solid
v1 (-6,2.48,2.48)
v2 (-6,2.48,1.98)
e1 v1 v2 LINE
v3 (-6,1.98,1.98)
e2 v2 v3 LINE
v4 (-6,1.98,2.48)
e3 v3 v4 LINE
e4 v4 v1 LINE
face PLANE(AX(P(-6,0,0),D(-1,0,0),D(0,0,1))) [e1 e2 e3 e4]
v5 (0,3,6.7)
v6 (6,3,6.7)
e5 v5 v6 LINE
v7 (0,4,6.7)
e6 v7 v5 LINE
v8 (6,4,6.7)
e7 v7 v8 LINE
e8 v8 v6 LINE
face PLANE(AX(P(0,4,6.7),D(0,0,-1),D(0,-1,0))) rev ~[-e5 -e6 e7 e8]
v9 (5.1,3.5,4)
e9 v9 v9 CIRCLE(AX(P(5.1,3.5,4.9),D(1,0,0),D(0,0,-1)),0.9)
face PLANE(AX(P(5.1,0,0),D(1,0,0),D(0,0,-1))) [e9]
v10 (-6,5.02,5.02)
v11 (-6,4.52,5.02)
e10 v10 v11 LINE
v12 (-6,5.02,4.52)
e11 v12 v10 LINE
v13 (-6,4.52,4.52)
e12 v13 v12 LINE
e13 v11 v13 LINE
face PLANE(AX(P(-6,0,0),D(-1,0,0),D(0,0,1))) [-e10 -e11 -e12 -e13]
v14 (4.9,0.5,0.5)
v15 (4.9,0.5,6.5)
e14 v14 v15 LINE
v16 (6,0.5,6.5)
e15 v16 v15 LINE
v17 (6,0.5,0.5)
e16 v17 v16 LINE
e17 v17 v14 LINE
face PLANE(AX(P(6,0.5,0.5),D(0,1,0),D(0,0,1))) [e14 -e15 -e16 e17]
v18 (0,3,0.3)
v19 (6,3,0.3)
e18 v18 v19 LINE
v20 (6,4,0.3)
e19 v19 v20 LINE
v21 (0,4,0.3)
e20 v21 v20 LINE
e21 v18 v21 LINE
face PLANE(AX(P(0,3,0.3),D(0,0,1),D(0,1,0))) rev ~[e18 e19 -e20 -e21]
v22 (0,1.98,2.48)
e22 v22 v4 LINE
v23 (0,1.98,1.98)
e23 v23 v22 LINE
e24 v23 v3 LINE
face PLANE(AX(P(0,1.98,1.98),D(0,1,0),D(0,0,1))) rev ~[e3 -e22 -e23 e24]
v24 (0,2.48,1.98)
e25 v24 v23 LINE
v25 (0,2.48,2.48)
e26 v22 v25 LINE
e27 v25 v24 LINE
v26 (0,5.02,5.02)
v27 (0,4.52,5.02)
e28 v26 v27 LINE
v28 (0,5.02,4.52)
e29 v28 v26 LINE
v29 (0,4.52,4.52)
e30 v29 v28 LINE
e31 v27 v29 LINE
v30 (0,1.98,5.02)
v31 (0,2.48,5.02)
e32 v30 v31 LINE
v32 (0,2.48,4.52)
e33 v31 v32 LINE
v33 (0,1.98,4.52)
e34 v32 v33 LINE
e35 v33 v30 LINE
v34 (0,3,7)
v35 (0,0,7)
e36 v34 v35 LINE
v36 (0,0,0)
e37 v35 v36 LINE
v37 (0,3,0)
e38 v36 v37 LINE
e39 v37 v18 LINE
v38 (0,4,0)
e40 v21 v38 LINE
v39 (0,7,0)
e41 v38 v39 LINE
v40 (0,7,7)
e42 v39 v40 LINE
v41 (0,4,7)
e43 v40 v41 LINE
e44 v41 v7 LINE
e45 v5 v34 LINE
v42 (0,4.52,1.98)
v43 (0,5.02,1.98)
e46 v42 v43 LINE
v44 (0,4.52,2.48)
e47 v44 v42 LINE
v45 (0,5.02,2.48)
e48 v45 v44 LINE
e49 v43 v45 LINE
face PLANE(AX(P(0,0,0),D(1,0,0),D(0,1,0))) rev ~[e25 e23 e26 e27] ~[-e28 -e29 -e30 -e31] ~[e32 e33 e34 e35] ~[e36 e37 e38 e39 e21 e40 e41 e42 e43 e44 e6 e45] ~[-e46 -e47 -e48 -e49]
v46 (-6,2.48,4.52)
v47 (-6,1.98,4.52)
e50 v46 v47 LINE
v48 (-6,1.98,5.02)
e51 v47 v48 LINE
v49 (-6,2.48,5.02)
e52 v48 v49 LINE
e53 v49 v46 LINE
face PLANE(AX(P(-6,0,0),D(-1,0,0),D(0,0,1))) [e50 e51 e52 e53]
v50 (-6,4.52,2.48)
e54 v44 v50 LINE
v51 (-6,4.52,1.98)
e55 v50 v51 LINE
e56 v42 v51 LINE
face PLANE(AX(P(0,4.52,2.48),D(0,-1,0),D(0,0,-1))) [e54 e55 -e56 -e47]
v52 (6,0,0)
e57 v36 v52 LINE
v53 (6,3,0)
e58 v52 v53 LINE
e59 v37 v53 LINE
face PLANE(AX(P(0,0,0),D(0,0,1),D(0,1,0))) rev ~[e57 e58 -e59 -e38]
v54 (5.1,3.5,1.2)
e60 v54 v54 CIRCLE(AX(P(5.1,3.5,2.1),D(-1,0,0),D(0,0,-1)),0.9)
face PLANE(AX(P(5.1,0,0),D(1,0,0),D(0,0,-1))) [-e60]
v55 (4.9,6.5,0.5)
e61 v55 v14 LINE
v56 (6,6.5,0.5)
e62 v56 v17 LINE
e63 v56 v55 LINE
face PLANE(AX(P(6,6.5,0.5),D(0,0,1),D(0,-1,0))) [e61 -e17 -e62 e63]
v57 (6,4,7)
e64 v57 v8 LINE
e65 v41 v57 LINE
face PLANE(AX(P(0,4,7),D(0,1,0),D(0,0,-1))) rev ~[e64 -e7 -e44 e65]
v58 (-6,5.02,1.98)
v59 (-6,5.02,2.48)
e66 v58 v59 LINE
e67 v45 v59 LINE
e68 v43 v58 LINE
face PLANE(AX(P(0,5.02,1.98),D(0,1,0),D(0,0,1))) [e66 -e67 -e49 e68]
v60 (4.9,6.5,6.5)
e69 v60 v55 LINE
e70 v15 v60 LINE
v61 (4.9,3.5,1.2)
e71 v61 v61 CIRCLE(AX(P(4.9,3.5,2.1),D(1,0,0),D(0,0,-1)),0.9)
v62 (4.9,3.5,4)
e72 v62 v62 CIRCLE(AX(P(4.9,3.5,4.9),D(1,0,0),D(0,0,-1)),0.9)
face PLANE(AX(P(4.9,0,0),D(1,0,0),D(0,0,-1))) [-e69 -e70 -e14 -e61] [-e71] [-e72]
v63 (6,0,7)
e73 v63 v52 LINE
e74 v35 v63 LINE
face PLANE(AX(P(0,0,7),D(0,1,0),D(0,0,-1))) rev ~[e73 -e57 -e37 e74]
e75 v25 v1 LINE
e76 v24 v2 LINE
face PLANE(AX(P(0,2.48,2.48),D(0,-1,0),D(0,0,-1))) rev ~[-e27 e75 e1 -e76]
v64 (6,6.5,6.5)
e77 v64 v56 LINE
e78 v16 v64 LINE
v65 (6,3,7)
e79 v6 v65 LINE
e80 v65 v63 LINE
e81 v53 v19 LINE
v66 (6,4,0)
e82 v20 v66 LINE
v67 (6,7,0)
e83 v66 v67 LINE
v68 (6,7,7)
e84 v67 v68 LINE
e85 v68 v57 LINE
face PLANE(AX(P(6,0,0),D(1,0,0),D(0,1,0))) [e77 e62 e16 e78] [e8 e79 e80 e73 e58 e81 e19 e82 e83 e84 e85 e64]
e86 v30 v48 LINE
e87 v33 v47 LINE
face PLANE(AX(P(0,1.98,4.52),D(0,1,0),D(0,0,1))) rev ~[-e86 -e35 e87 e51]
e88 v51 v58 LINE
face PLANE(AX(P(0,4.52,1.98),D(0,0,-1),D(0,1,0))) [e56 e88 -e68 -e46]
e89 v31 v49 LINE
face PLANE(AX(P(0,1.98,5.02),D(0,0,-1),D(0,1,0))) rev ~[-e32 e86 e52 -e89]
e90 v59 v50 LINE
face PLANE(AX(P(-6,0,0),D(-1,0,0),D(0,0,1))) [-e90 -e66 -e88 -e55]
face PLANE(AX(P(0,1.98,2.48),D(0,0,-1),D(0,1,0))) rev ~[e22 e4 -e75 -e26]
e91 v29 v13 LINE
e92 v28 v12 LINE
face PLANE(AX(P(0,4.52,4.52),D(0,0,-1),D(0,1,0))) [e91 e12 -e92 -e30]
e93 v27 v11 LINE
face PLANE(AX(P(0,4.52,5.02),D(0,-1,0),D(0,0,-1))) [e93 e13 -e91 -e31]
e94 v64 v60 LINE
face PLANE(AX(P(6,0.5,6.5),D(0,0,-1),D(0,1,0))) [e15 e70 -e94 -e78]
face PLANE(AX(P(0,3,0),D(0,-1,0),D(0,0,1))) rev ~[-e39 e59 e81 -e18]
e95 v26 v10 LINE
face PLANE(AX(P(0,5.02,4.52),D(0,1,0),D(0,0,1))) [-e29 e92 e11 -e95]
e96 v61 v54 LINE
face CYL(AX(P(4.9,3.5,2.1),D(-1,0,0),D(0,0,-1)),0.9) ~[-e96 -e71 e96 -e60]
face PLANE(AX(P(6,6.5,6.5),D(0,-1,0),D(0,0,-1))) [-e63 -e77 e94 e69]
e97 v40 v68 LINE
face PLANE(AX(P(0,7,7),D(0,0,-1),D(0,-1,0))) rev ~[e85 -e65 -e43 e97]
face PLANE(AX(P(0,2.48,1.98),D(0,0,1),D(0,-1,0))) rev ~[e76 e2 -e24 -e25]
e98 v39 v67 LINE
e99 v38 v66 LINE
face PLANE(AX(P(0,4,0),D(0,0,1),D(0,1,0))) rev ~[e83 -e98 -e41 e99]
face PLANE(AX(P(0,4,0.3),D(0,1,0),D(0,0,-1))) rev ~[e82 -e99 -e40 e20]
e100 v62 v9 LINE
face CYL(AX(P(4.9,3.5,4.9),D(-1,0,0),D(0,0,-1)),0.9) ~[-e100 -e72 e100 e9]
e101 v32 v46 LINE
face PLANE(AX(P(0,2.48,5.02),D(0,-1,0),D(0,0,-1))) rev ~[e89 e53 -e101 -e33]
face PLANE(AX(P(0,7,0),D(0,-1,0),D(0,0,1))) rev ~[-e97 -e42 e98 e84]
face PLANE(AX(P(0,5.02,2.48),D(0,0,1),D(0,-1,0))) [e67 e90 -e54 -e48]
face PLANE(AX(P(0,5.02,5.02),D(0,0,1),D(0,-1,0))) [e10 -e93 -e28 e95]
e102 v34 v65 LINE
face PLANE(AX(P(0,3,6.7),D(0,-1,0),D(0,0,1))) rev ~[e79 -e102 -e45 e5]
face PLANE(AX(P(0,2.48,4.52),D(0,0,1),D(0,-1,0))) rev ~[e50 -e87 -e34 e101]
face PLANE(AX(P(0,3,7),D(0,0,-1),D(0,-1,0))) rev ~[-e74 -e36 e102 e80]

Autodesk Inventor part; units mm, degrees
ref_plane "YZ Plane" through (0, 0, 0) normal (1, 0, 0) x (0, 1, 0)
ref_plane "XZ Plane" through (0, 0, 0) normal (0, 1, 0) x (-1, 0, 0)
ref_plane "XY Plane" through (0, 0, 0) normal (0, 0, 1) x (1, 0, 0)
sketch "Skizze1" plane through (0, 0, 0) normal (1, 0, 0) x (0, 1, 0)
  line L0 (0, 0) -> (7, 0)
  line L1 (7, 0) -> (7, 7)
  line L2 (7, 7) -> (0, 7)
  line L3 (0, 7) -> (0, 0)
  line L4 (3, 7) -> (4, 7)
  line L5 (4, 7) -> (4, 6.7)
  line L6 (4, 6.7) -> (3, 6.7)
  line L7 (3, 6.7) -> (3, 7)
  line L8 (3, 0.3) -> (4, 0.3)
  line L9 (4, 0.3) -> (4, 0)
  line L10 (4, 0) -> (3, 0)
  line L11 (3, 0) -> (3, 0.3)
  dimension "d0" = 7
  dimension "d1" = 7
  dimension "d2" = 1
  dimension "d3" = 0.3
  dimension "d5" = 3
extrude "Extrusion1" add sketch "Skizze1" along normal blind 6 contours L3 L2 L7 L6 L5 L1 L0 L9 L8 L11
sketch "Skizze2" plane through (6, 0, 0) normal (1, 0, 0) x (0, 0, -1)
  line L0 (0, 7) -> (-7, 7) projected
  line L1 (-7, 7) -> (-7, 4) projected
  line L2 (-7, 0) -> (0, 0) projected
  line L3 (0, 0) -> (0, 3) projected
  line L4 (-6.5, 6.5) -> (-0.5, 6.5)
  line L5 (-0.5, 6.5) -> (-0.5, 0.5)
  line L6 (-0.5, 0.5) -> (-6.5, 0.5)
  line L7 (-6.5, 0.5) -> (-6.5, 6.5)
  dimension "d8" = 0.5
  dimension "d9" = 0.5
  dimension "d10" = 0.5
  dimension "d11" = 0.5
extrude "Extrusion2" cut sketch "Skizze2" against normal blind 1.1
sketch "Skizze3" plane through (0, 0, 0) normal (-1, 0, 0) x (0, 0, 1)
  line L0 (7, 0) -> (0, 0) projected
  line L1 (0, 4) -> (0, 7) projected
  line L2 (1.98, 5.02) -> (2.48, 5.02)
  line L3 (2.48, 5.02) -> (2.48, 4.52)
  line L4 (2.48, 4.52) -> (1.98, 4.52)
  line L5 (1.98, 4.52) -> (1.98, 5.02)
  line L6 (4.52, 5.02) -> (5.02, 5.02)
  line L7 (5.02, 5.02) -> (5.02, 4.52)
  line L8 (5.02, 4.52) -> (4.52, 4.52)
  line L9 (4.52, 4.52) -> (4.52, 5.02)
  line L10 (1.98, 1.98) -> (2.48, 1.98)
  line L11 (2.48, 1.98) -> (2.48, 2.48)
  line L12 (2.48, 2.48) -> (1.98, 2.48)
  line L13 (1.98, 2.48) -> (1.98, 1.98)
  line L14 (4.52, 1.98) -> (5.02, 1.98)
  line L15 (5.02, 1.98) -> (5.02, 2.48)
  line L16 (5.02, 2.48) -> (4.52, 2.48)
  line L17 (4.52, 2.48) -> (4.52, 1.98)
  dimension "d14" = 0.5
  dimension "d15" = 0.5
  dimension "d16" = 0.5
  dimension "d17" = 0.5
  dimension "d18" = 0.5
  dimension "d19" = 0.5
  dimension "d20" = 0.5
  dimension "d21" = 0.5
  dimension "d24" = 1.98
  dimension "d25" = 3.04
  dimension "d26" = 3.04
  dimension "d27" = 1.98
extrude "Extrusion3" add sketch "Skizze3" along normal blind 6
sketch "Skizze4" plane through (4.9, 0, 0) normal (1, 0, 0) x (0, 0, -1)
  line L0 (-6.5, 0.5) -> (-6.5, 6.5) projected
  line L1 (-0.5, 0.5) -> (-6.5, 0.5) projected
  line L2 (-0.5, 6.5) -> (-0.5, 0.5) projected
  circle A0 centre (-4.9, 3.5) radius 0.9
  circle A1 centre (-2.1, 3.5) radius 0.9
  line L3 (-4.9, 3.5) -> (-2.1, 3.5)
  line L4 (-6.5, 6.5) -> (-0.5, 6.5) projected
  point P0 (0, 0)
  dimension "d30" = 1.8
  dimension "d31" = 1.8
  dimension "d32" = 2.8
  dimension "d33" = 3
  dimension "d34" = 1.6
extrude "Extrusion4" add sketch "Skizze4" along normal blind 0.2 contours A0 | A1
properties part number "cny-70"
